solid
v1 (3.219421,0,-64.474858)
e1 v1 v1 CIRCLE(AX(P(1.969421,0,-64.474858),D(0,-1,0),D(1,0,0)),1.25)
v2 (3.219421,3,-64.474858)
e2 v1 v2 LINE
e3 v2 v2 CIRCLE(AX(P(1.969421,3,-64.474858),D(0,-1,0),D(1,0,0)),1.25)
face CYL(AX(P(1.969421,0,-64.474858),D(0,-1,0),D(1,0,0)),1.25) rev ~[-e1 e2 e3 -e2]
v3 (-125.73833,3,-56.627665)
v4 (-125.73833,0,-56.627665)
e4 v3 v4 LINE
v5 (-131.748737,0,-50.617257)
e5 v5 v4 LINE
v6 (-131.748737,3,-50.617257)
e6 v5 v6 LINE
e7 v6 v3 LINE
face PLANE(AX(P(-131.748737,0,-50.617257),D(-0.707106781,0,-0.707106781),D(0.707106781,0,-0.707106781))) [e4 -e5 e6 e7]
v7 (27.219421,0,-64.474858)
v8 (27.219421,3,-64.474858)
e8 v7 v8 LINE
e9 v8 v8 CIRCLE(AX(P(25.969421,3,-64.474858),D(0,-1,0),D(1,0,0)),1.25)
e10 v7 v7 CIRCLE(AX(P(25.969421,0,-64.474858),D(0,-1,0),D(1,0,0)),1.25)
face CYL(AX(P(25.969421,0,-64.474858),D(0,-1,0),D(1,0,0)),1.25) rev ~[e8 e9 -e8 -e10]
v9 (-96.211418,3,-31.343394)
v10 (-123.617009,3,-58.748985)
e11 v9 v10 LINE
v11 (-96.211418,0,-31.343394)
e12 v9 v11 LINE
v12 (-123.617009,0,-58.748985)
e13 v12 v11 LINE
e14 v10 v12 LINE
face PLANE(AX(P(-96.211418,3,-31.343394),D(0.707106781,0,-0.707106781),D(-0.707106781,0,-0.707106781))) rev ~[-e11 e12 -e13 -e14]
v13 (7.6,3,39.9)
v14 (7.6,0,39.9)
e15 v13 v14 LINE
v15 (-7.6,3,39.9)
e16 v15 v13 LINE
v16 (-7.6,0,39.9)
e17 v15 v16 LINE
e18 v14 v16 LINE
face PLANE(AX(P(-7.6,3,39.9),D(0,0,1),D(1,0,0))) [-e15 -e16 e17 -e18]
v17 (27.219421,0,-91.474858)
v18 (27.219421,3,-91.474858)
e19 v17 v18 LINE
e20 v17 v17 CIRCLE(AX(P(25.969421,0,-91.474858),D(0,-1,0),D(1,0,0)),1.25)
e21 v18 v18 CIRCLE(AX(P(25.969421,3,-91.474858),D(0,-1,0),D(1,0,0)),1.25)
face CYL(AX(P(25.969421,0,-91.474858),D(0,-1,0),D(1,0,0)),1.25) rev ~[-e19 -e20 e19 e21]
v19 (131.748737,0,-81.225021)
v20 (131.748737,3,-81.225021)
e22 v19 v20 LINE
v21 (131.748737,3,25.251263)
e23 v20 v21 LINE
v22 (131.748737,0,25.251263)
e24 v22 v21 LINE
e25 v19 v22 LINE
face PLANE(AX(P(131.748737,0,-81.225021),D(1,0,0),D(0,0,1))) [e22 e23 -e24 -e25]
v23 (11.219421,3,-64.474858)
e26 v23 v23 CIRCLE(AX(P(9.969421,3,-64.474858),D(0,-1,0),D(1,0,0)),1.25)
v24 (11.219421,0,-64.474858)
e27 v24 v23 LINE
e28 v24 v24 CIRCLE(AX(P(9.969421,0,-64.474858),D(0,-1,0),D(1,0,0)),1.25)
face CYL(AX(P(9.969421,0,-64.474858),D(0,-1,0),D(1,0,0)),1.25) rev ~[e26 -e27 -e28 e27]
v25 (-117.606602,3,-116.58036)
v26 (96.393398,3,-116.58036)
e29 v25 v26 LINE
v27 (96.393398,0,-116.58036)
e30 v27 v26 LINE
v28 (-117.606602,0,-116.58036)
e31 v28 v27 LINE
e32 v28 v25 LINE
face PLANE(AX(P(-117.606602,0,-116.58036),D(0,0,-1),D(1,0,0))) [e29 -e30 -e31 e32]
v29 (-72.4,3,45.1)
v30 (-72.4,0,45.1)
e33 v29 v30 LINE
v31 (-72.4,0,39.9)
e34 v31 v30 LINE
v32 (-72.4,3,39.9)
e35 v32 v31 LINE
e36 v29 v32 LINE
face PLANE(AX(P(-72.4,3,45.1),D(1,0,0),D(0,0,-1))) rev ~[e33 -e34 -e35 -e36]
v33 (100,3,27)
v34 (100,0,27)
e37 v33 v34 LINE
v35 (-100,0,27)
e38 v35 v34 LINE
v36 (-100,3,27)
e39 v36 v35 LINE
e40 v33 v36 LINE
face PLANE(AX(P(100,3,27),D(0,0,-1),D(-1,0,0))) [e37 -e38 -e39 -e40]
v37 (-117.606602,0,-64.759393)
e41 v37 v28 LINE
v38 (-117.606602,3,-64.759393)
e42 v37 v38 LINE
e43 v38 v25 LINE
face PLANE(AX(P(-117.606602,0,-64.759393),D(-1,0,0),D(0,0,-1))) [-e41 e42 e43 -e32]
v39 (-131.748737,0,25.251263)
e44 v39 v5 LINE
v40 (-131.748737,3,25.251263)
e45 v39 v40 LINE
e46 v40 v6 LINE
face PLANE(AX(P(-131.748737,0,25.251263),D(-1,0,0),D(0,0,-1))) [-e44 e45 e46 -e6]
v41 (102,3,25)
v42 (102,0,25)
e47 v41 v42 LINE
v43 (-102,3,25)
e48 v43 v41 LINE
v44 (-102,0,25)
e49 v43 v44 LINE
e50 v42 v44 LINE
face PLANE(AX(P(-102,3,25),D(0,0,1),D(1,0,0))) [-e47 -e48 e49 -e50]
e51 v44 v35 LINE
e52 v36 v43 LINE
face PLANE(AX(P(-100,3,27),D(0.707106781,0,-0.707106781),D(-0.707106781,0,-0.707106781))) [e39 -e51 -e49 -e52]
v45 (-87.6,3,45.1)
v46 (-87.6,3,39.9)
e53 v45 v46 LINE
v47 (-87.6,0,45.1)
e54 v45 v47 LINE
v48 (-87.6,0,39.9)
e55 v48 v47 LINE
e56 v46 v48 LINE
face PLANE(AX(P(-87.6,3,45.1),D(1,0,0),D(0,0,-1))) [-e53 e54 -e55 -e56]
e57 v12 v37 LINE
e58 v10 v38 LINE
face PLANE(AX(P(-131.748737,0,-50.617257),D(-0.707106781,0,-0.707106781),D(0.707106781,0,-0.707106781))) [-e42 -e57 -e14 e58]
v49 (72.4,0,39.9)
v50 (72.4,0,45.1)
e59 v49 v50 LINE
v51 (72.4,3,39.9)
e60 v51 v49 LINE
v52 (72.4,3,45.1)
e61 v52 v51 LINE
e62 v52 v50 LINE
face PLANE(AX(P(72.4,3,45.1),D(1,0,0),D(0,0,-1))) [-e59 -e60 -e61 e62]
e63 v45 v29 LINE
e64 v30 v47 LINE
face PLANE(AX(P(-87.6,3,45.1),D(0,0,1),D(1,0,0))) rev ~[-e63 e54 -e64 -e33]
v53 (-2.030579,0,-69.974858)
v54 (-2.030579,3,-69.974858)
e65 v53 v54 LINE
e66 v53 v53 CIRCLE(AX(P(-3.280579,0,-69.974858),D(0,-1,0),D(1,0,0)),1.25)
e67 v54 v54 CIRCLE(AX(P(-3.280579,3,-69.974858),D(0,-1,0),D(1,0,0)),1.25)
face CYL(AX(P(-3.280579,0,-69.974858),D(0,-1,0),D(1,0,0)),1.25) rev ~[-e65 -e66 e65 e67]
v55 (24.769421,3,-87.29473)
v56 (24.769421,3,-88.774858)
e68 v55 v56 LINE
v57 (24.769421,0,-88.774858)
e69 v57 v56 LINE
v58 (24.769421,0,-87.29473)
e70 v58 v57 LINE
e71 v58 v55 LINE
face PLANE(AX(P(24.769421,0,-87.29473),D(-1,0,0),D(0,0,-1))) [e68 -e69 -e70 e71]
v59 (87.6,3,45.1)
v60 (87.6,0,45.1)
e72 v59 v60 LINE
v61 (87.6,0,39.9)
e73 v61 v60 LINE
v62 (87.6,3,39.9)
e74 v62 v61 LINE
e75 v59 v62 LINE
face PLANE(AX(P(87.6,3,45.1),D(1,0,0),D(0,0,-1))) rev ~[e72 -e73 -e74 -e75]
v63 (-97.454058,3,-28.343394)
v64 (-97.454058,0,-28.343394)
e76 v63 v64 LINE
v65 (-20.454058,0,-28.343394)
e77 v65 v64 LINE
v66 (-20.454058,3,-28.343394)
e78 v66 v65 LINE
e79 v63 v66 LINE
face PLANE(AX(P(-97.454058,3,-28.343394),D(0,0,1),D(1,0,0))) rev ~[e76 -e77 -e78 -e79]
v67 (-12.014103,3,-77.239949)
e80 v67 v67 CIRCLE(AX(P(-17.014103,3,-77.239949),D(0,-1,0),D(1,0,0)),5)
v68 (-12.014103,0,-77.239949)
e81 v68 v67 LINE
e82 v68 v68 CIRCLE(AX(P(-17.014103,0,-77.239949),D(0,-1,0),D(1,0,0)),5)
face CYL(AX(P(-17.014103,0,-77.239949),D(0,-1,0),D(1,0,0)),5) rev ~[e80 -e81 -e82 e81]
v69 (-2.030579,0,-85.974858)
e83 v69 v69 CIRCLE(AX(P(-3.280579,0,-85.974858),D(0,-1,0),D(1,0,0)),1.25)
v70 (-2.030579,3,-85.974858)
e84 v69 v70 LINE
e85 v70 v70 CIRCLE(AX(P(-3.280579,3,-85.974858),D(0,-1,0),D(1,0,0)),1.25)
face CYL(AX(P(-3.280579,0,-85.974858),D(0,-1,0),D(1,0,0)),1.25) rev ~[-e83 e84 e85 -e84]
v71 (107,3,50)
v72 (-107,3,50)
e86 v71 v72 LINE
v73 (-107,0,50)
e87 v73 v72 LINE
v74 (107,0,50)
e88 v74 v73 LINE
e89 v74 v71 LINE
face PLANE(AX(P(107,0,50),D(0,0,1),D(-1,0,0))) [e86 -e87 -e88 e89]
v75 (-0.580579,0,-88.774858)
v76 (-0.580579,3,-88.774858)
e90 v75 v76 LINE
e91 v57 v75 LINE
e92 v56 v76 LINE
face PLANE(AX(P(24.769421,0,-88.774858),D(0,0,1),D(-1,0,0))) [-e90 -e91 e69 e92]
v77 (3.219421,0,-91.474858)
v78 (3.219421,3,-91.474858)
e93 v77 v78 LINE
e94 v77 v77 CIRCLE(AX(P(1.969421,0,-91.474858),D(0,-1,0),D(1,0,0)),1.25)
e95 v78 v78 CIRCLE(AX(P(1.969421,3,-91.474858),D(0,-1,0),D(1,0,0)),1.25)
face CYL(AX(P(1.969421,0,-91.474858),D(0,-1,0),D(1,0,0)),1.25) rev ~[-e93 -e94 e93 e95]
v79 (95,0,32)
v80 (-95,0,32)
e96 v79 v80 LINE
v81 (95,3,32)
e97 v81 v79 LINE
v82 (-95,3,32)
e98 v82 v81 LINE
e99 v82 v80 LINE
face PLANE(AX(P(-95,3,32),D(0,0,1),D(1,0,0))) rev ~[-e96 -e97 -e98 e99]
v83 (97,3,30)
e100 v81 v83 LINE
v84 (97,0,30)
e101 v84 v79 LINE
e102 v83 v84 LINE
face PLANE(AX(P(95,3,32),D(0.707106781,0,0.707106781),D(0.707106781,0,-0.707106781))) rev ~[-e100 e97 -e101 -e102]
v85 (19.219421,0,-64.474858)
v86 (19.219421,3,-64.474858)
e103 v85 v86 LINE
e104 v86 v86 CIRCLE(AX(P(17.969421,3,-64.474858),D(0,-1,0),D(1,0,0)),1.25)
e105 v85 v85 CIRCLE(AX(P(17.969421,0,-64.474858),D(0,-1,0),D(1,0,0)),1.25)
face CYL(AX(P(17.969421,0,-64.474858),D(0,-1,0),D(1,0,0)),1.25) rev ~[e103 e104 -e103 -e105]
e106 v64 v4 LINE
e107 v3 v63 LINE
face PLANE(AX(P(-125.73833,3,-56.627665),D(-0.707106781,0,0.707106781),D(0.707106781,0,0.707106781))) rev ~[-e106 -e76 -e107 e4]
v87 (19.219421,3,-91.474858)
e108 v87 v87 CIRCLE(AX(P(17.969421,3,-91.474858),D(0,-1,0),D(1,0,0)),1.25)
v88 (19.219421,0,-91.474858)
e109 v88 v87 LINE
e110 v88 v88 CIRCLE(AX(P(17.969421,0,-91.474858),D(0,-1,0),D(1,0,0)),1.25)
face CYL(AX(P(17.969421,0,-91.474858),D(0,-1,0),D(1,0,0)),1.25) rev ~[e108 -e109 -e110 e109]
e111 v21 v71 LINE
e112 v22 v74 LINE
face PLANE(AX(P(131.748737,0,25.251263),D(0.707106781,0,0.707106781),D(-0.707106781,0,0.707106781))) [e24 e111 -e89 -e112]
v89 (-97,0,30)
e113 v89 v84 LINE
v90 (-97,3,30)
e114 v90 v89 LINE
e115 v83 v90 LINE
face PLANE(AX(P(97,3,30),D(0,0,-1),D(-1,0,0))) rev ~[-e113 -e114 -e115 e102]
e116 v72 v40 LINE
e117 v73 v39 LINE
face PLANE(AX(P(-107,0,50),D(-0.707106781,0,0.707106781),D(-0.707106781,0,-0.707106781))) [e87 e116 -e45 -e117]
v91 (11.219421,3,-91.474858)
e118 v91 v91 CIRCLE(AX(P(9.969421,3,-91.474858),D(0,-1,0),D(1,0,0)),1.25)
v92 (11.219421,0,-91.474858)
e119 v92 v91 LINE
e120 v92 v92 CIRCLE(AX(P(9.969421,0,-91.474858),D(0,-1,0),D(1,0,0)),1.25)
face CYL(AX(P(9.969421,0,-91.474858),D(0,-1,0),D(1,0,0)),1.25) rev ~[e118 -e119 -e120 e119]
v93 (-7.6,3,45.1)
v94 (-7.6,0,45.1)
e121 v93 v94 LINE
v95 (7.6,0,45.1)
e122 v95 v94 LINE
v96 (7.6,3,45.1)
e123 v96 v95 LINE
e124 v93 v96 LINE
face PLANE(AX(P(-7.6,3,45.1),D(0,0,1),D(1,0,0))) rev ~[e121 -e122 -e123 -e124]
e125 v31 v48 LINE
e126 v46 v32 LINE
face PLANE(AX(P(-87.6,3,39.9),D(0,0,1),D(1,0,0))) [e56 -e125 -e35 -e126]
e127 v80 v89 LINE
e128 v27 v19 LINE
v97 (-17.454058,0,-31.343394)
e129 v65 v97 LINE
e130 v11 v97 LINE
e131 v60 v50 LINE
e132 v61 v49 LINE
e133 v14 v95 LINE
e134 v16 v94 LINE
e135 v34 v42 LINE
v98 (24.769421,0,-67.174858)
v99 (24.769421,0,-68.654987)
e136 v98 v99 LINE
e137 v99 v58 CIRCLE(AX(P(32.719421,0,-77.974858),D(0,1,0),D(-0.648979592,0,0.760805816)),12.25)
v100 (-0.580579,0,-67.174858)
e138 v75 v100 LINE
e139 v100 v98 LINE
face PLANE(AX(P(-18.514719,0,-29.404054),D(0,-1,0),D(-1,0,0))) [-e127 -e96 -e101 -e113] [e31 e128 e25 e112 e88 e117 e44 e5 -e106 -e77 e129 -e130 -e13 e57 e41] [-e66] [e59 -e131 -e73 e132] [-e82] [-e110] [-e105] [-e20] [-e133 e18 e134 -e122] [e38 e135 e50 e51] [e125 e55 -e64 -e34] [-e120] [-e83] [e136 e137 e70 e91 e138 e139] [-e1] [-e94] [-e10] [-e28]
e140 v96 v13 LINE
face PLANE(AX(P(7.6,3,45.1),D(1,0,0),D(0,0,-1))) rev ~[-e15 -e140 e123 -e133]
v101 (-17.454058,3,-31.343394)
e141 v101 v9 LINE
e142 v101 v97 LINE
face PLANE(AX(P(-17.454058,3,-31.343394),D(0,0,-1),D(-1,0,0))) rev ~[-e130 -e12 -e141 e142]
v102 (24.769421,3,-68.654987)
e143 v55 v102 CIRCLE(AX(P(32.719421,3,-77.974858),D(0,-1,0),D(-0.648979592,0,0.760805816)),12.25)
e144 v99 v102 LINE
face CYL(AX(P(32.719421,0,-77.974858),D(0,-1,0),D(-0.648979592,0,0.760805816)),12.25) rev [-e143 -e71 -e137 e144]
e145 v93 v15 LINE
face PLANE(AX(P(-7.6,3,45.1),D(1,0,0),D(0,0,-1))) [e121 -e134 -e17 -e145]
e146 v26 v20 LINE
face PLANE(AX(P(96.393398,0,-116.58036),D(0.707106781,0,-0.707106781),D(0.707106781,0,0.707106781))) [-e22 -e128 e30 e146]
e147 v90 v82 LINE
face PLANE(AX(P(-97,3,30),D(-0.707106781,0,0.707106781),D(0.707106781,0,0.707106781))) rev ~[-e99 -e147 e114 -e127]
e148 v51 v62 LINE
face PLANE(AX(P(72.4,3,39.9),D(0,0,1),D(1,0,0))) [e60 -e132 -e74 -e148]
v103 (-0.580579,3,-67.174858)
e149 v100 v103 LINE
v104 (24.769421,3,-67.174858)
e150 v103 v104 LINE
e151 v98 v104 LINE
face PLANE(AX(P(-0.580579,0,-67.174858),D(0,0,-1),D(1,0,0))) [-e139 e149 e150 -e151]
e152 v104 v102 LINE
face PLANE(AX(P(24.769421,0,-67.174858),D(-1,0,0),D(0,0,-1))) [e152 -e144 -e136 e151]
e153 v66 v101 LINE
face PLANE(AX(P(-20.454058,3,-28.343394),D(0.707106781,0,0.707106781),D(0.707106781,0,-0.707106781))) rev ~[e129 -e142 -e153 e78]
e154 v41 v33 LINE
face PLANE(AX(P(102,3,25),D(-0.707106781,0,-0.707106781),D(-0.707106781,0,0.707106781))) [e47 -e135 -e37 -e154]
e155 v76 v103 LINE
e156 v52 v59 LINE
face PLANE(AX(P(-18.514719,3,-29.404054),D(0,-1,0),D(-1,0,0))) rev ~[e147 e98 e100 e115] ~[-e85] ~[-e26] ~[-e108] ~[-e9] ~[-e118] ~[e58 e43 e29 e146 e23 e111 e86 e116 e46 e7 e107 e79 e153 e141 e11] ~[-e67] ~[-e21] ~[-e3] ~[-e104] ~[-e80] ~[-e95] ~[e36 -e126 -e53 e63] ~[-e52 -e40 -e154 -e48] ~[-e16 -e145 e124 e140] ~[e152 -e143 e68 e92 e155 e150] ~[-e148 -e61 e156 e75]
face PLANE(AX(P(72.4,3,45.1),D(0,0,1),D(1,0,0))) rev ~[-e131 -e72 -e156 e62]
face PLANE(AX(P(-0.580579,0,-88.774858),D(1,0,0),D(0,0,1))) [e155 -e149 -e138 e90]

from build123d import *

# Parameters (mm, degrees)
BOSS_EXTRUDE1_DEPTH         = 3
SKETCH2_W                   = 15
SKETCH2_H                   = 5
DESTEK_BAGLANT_DEPTH        = 4
SKETCH5_R                   = 5
SKETCH5_R_2                 = 1.25
MOTOR_DEPTH                 = 4
CUT_EXTRUDE2_DEPTH          = 4
CUT_EXTRUDE3_DEPTH          = 4
BOSS_EXTRUDE2_DEPTH         = 3
SKETCH9_W                   = 15.2
SKETCH9_H                   = 5.2
DESTEK_BAGLANTI_OFSET_DEPTH = 4


with BuildPart() as part:
    # Sketch1 → Boss-Extrude1 (new body)
    with BuildSketch(Plane(origin=(0, 0, 0), x_dir=(1, 0, 0), z_dir=(0, 1, 0))):
        Polygon((-107, -50), (-131.748737342, -25.251262658), (-131.748737342, 50.617257402), (-117.606601718, 64.759393026), (-117.606601718, 116.580359723), (96.393398282, 116.580359723), (131.748737342, 81.225020664), (131.748737342, -25.251262658), (107, -50), align=None)
    extrude(amount=BOSS_EXTRUDE1_DEPTH)

    # Sketch2 → Destek Baglantı (cut, through all)
    with BuildSketch(Plane(origin=(0, 3, 0), x_dir=(1, 0, 0), z_dir=(0, 1, 0))):
        with Locations((80, -42.5)):
            Rectangle(SKETCH2_W, SKETCH2_H)
        with Locations((0, -42.5)):
            Rectangle(SKETCH2_W, SKETCH2_H)
        with Locations((-80, -42.5)):
            Rectangle(SKETCH2_W, SKETCH2_H)
    extrude(amount=-DESTEK_BAGLANT_DEPTH, mode=Mode.SUBTRACT)

    # Sketch5 → Motor (cut, through all)
    with BuildSketch(Plane.XZ):
        with Locations((-17.014102848, -77.239948703)):
            Circle(SKETCH5_R)
        with Locations((25.969420718, -91.474858406)):
            Circle(SKETCH5_R_2)
        with Locations((17.969420718, -91.474858406)):
            Circle(SKETCH5_R_2)
        with Locations((9.969420718, -91.474858406)):
            Circle(SKETCH5_R_2)
        with Locations((1.969420718, -91.474858406)):
            Circle(SKETCH5_R_2)
        with Locations((-3.280579282, -85.974858406)):
            Circle(SKETCH5_R_2)
        with Locations((-3.280579282, -69.974858406)):
            Circle(SKETCH5_R_2)
        with Locations((1.969420718, -64.474858406)):
            Circle(SKETCH5_R_2)
        with Locations((9.969420718, -64.474858406)):
            Circle(SKETCH5_R_2)
        with Locations((17.969420718, -64.474858406)):
            Circle(SKETCH5_R_2)
        with Locations((25.969420718, -64.474858406)):
            Circle(SKETCH5_R_2)
        with BuildLine():
            Line((24.769420718, -88.774858406), (-0.580579282, -88.774858406))
            Line((-0.580579282, -88.774858406), (-0.580579282, -67.174858406))
            Line((-0.580579282, -67.174858406), (24.769420718, -67.174858406))
            Line((24.769420718, -67.174858406), (24.769420718, -68.654987163))
            ThreePointArc((24.769420718, -68.654987163), (44.969420718, -77.974858406), (24.769420718, -87.29472965))
            Line((24.769420718, -87.29472965), (24.769420718, -88.774858406))
        make_face()
    extrude(amount=-MOTOR_DEPTH, mode=Mode.SUBTRACT)

    # Sketch6 → Cut-Extrude2 (cut, through all)
    with BuildSketch(Plane(origin=(0, 3, 0), x_dir=(1, 0, 0), z_dir=(0, 1, 0))):
        Polygon((-125.738329701, 56.627665042), (-97.454058454, 28.343393795), (-17.454058454, 28.343393795), (-17.454058454, 31.343393795), (-96.211417767, 31.343393795), (-123.617009358, 58.748985386), align=None)
    extrude(amount=-CUT_EXTRUDE2_DEPTH, mode=Mode.SUBTRACT)

    # Sketch7 → Cut-Extrude3 (cut, through all)
    with BuildSketch(Plane(origin=(0, 3, 0), x_dir=(1, 0, 0), z_dir=(0, 1, 0))):
        Polygon((-95, -32), (95, -32), (97, -30), (-97, -30), align=None)
        Polygon((-100, -27), (-102, -25), (102, -25), (100, -27), align=None)
    extrude(amount=-CUT_EXTRUDE3_DEPTH, mode=Mode.SUBTRACT)

    # Sketch8 → Boss-Extrude2 (add, through all)
    with BuildSketch(Plane(origin=(0, 3, 0), x_dir=(1, 0, 0), z_dir=(0, 1, 0))):
        Polygon((-17.454058454, 31.343393795), (-17.454058454, 28.343393795), (-20.454058454, 28.343393795), align=None)
    extrude(amount=-BOSS_EXTRUDE2_DEPTH)

    # Sketch9 → Destek Baglanti Ofset (cut, through all)
    with BuildSketch(Plane(origin=(0, 3, 0), x_dir=(1, 0, 0), z_dir=(0, 1, 0))):
        with Locations((-80, -42.5)):
            Rectangle(SKETCH9_W, SKETCH9_H)
        with Locations((0, -42.5)):
            Rectangle(SKETCH9_W, SKETCH9_H)
        with Locations((80, -42.5)):
            Rectangle(SKETCH9_W, SKETCH9_H)
    extrude(amount=-DESTEK_BAGLANTI_OFSET_DEPTH, mode=Mode.SUBTRACT)


solid = part.part
